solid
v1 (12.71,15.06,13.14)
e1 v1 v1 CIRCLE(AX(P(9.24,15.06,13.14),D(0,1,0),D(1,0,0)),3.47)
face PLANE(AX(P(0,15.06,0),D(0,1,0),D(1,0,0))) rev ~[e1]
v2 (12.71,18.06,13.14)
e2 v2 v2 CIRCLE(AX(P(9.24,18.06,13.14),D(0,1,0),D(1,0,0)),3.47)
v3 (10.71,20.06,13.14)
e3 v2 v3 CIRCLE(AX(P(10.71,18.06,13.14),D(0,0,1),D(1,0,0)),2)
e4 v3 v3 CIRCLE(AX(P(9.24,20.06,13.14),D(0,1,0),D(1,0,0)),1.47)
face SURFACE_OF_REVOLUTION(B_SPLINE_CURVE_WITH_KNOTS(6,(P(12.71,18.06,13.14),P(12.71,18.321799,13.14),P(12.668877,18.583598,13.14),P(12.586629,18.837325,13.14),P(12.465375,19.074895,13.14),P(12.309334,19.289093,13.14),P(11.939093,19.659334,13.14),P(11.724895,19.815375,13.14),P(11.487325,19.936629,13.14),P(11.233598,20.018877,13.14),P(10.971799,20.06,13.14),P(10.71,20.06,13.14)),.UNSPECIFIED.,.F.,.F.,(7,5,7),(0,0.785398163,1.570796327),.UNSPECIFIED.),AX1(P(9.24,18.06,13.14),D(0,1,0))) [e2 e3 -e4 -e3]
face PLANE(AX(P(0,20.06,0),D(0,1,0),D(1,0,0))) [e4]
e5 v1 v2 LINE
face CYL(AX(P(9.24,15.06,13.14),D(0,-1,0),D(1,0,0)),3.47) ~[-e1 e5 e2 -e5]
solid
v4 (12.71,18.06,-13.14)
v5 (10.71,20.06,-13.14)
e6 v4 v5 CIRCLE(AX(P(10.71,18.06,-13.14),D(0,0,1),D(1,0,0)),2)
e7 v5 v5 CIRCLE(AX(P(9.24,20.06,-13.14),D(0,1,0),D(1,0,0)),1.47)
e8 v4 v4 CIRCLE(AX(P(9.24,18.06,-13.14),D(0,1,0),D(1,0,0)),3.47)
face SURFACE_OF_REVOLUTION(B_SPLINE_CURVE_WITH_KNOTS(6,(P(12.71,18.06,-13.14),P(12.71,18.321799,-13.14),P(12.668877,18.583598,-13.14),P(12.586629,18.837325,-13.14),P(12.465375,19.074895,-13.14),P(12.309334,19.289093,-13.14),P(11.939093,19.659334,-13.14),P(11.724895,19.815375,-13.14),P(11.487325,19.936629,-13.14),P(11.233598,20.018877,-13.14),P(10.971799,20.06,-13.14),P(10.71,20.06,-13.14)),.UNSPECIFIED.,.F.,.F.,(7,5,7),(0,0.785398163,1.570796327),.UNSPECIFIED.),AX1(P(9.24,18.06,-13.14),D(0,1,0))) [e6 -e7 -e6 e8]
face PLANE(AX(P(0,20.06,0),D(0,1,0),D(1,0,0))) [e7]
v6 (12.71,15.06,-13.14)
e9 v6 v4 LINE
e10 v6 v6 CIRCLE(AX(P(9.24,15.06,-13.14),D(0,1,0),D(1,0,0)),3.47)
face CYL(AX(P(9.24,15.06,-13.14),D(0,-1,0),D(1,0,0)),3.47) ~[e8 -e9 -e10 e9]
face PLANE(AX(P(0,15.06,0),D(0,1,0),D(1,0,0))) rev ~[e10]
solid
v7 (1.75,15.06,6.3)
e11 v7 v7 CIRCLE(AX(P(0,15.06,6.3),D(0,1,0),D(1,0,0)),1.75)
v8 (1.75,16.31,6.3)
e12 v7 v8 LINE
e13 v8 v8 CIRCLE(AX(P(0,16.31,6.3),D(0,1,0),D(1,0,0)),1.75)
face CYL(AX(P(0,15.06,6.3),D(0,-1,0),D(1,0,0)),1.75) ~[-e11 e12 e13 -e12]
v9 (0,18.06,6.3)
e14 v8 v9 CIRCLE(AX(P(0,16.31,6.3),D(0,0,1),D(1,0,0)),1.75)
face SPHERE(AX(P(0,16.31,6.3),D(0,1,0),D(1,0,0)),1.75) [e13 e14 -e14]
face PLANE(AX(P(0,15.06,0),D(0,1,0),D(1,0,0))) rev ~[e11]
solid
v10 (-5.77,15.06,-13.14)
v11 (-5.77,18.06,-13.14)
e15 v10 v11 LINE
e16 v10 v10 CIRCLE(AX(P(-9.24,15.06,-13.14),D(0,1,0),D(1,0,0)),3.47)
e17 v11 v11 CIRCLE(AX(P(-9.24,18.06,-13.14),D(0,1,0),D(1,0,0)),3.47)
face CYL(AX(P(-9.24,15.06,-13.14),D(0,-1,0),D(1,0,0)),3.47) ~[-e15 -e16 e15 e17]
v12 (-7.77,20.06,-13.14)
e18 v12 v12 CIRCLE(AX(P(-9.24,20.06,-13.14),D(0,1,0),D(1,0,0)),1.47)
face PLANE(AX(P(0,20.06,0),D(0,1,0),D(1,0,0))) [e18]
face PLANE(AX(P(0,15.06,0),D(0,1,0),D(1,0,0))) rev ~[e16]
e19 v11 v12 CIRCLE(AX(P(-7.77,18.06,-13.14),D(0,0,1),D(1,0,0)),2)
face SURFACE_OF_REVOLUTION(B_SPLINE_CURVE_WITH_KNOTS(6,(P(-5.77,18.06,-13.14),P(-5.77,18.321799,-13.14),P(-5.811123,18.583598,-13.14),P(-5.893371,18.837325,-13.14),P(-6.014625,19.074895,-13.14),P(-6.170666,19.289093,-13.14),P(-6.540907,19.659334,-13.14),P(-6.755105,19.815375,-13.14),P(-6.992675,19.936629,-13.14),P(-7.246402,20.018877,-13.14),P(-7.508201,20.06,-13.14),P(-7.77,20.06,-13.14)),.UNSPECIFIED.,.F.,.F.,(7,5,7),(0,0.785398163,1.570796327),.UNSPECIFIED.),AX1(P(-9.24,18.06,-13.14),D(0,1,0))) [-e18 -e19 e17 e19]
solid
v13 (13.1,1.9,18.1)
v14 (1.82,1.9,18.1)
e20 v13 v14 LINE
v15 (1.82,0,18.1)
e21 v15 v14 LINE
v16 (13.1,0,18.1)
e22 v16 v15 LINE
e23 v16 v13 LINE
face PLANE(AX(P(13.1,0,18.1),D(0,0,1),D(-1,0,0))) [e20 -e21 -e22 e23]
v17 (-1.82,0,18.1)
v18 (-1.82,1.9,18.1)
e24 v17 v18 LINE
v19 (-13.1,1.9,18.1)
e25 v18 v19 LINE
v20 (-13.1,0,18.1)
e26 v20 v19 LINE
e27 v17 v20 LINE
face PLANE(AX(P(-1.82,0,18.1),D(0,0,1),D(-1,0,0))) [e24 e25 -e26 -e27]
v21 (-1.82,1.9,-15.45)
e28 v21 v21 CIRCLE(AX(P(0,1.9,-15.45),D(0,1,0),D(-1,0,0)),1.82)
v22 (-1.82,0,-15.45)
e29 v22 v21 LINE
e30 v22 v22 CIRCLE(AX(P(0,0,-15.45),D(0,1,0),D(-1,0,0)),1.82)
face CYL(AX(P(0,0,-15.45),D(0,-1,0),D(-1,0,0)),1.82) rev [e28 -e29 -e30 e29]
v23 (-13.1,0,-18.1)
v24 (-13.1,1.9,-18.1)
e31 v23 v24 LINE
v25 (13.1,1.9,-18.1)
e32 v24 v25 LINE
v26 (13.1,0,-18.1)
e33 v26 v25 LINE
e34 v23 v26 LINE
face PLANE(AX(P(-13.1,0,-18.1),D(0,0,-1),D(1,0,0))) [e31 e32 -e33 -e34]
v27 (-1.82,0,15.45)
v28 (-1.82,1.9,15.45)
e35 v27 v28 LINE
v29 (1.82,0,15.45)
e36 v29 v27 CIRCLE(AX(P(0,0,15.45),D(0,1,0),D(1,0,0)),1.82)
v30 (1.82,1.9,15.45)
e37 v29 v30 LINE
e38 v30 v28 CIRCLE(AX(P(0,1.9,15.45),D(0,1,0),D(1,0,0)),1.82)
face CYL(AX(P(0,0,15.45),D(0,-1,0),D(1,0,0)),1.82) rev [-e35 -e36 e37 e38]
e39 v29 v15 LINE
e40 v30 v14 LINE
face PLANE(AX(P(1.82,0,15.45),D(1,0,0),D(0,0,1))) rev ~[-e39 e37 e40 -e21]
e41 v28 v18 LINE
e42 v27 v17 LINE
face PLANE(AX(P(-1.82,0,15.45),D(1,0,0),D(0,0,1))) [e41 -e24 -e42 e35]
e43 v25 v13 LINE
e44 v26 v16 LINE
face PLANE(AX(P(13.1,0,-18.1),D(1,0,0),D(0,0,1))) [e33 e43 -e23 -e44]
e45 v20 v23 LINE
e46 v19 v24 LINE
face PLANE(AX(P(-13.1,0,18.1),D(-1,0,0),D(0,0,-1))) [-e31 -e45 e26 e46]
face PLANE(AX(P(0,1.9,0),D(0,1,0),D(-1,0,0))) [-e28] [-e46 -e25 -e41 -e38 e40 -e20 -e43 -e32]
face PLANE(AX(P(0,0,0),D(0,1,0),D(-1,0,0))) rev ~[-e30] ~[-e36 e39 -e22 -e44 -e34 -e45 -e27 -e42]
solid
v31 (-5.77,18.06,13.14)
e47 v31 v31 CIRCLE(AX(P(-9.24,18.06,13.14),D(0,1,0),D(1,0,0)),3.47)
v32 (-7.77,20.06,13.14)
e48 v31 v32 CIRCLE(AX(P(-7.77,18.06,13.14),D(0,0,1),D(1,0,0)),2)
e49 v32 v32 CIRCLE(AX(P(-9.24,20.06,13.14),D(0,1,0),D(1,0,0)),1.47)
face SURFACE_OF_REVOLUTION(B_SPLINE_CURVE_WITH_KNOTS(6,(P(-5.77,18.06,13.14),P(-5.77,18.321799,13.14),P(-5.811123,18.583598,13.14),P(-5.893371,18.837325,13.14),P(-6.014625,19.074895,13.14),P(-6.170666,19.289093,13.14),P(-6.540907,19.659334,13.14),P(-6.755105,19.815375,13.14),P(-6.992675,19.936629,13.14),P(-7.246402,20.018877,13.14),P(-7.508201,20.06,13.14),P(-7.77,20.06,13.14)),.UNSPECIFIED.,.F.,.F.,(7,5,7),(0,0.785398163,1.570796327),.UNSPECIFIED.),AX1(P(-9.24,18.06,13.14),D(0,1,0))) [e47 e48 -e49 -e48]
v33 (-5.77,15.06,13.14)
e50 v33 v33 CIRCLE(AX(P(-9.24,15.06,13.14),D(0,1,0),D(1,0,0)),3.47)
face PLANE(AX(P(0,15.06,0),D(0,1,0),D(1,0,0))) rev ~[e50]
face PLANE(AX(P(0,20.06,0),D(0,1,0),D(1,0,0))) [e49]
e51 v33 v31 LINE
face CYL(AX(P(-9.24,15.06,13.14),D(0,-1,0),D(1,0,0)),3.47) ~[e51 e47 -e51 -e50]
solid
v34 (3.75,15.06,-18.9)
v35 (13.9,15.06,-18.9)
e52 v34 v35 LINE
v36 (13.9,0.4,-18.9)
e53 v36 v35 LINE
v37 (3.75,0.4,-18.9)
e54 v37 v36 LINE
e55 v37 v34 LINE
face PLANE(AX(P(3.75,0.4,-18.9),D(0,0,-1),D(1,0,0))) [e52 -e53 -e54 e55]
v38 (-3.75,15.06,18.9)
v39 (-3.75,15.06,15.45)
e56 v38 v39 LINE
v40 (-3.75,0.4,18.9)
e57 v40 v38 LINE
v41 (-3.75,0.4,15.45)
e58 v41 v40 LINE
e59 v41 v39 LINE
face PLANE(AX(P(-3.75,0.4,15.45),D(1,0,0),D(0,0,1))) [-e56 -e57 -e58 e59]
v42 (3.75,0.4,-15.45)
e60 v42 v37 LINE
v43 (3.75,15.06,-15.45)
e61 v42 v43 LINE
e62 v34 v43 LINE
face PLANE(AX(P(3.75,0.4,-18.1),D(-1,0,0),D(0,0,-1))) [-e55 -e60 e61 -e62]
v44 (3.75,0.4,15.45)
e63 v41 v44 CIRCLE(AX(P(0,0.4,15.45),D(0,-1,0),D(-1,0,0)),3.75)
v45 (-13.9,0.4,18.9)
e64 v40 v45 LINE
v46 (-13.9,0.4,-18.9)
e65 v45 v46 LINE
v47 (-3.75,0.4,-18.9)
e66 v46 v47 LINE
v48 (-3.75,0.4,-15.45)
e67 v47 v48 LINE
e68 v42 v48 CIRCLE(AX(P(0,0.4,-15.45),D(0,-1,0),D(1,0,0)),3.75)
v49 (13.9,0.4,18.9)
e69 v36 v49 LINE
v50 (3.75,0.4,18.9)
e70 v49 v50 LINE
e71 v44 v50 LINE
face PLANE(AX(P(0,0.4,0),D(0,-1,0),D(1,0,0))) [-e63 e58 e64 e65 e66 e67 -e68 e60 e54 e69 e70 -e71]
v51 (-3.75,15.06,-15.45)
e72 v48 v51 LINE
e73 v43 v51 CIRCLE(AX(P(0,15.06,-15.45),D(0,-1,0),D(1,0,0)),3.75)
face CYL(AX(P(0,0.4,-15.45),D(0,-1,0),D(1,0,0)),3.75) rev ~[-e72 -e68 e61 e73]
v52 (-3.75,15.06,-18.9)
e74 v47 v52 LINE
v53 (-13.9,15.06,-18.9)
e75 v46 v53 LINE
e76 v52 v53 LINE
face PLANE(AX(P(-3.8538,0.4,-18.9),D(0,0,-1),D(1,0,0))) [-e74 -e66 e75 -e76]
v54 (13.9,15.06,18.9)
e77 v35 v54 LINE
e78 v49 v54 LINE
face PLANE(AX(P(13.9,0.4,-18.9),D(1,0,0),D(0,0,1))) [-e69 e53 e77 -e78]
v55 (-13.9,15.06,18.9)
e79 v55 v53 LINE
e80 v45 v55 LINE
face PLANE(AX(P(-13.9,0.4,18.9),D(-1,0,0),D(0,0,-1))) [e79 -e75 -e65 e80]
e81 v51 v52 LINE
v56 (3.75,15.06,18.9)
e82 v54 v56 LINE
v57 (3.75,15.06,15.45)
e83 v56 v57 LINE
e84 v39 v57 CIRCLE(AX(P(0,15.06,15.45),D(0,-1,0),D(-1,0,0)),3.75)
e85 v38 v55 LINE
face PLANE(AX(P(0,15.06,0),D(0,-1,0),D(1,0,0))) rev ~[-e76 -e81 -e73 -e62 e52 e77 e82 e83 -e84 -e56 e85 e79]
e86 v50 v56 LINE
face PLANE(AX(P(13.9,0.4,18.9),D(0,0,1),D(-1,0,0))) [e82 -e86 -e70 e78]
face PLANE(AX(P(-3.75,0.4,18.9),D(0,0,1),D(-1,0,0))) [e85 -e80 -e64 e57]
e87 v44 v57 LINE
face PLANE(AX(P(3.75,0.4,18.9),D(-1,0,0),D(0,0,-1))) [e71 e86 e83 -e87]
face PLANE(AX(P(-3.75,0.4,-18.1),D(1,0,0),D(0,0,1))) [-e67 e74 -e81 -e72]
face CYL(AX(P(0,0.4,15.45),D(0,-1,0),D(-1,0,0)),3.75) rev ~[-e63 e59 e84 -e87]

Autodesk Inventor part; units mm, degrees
ref_plane "YZ Plane" through (0, 0, 0) normal (1, 0, 0) x (0, 1, 0)
ref_plane "XZ Plane" through (0, 0, 0) normal (0, 1, 0) x (-1, 0, 0)
sketch "Sketch1" plane through (0, 0, 0) normal (0, 1, 0) x (-1, 0, 0)
  line L0 (13.1, -18.1) -> (-13.1, -18.1)
  line L1 (-13.1, -18.1) -> (-13.1, 18.1)
  line L2 (13.1, 18.1) -> (13.1, -18.1)
  circle A0 centre (0, -15.45) radius 1.82
  arc A1 (-1.82, 15.45) -> (1.82, 15.45) centre (0, 15.45) ccw
  line L3 (-1.82, 15.45) -> (-1.82, 18.1)
  line L4 (1.82, 15.45) -> (1.82, 18.1)
  line L5 (-13.1, 18.1) -> (-1.82, 18.1)
  line L6 (1.82, 18.1) -> (13.1, 18.1)
  point P0 (0, 0)
  dimension "d1" = 26.2
  dimension "d2" = 13.1
  dimension "d6" = 3.64
  dimension "d7" = 2.65
  dimension "d8" = 3.64
  dimension "d10" = 36.2
  dimension "d11" = 18.1
  dimension "d12" = 2.65
extrude "Extrusion1" add sketch "Sketch1" along normal blind 1.9
ref_plane "Work Plane1" through (0, 0.4, 0) normal (0, -1, 0) x (1, 0, 0)
sketch "Sketch2" plane through (0, 0.4, 0) normal (0, -1, 0) x (1, 0, 0)
  line L0 (1.82, 18.1) -> (13.1, 18.1) projected
  line L1 (13.1, 18.1) -> (13.1, -18.1) projected
  line L2 (13.1, -18.1) -> (-13.1, -18.1) projected
  line L3 (-13.1, -18.1) -> (-13.1, 18.1) projected
  line L4 (-13.1, 18.1) -> (-1.82, 18.1) projected
  line L5 (-1.82, 18.1) -> (-1.82, 15.45) projected
  arc A0 (-1.82, 15.45) -> (1.82, 15.45) centre (0, 15.45) ccw projected
  line L6 (1.82, 15.45) -> (1.82, 18.1) projected
  circle A1 centre (0, -15.45) radius 1.82 projected
  line L7 (-13.9, 18.9) -> (-13.9, -18.9)
  line L8 (13.9, -18.9) -> (13.9, 18.9)
  line L9 (13.9, 18.9) -> (3.75, 18.9)
  line L10 (-3.75, 18.9) -> (-13.9, 18.9)
  line L11 (3.75, 18.9) -> (3.75, 15.45)
  line L12 (-3.75, 15.45) -> (-3.75, 18.9)
  arc A2 (-3.75, 15.45) -> (3.75, 15.45) centre (0, 15.45) ccw
  line L13 (-3.8538, -18.9) -> (-3.75, -18.9)
  line L14 (-13.9, -18.9) -> (-3.8538, -18.9)
  line L15 (3.75, -15.45) -> (3.75, -18.9)
  line L16 (-3.75, -18.9) -> (-3.75, -15.45)
  arc A3 (3.75, -15.45) -> (-3.75, -15.45) centre (0, -15.45) ccw
  line L17 (3.75, -18.9) -> (13.9, -18.9)
  point P0 (0, 0)
  point P1 (-3.75, 45.4974)
  point P2 (-3.8019, -18.9)
  point P3 (3.75, 18.1)
  point P4 (-3.75, 18.1)
  point P5 (-3.75, -18.1)
  point P6 (3.75, -18.1)
  dimension "d14" = 0.8
  dimension "d15" = 7.5
  dimension "d17" = 0.8
  dimension "d18" = 0.8
  dimension "d20" = 0.8
  dimension "d21" = 3.75
extrude "Extrusion2" add sketch "Sketch2" against normal blind 14.66 separate body contours L11 L9 L8 L17 L15 L2 L1 L0 | L0 L1 L2 L15 A3 L16 L3 L4 L12 A2 L11 | L4 L3 L2 L16 L13 L14 L7 L10 L12
sketch "Sketch3" plane through (0, 15.06, 0) normal (0, 1, 0) x (1, 0, 0)
  circle A0 centre (-9.24, 13.14) radius 3.47
  circle A1 centre (9.24, 13.14) radius 3.47
  circle A2 centre (9.24, -13.14) radius 3.47
  circle A3 centre (-9.24, -13.14) radius 3.47
  line L0 (13.9, -18.9) -> (13.9, 18.9) projected
  line L1 (13.9, 18.9) -> (3.75, 18.9) projected
  line L2 (-13.9, 18.9) -> (-13.9, -18.9) projected
  line L3 (3.75, -18.9) -> (13.9, -18.9) projected
  point P0 (0, 0)
  dimension "d26" = 4.66
  dimension "d27" = 5.76
  dimension "d28" = 6.94
  dimension "d29" = 4.66
  dimension "d30" = 5.76
extrude "Extrusion3" add sketch "Sketch3" along normal blind 5 separate body
fillet "Fillet1" radius 2 4 edges at (-12.71, 20.06, -13.14) (5.77, 20.06, -13.14) (5.77, 20.06, 13.14) (-12.71, 20.06, 13.14)
sketch "Sketch4" plane through (0, 15.06, 0) normal (0, 1, 0) x (1, 0, 0)
  circle A0 centre (0, -6.3) radius 1.75
  line L0 (3.75, -18.9) -> (13.9, -18.9) projected
  point P0 (0, 0)
  dimension "d34" = 3.5
  dimension "d35" = 12.6
extrude "Extrusion4" add sketch "Sketch4" along normal blind 3 separate body
fillet "Fillet2" radius 1.75 1 edges at (-1.75, 18.06, 6.3)
equation "\"d2\" = 0.5 * d1"
equation "\"d8\" = d6"
equation "\"d12\" = d7"
equation "\"d17\" = d14"
equation "\"d18\" = d17"
equation "\"d29\" = d26"
equation "\"d30\" = d27"
equation "\"d3\" = 0.5 * d0"
equation "\"d9\" = d7"
equation "\"d0\" = 36.2"
properties part number "solid state relay"
